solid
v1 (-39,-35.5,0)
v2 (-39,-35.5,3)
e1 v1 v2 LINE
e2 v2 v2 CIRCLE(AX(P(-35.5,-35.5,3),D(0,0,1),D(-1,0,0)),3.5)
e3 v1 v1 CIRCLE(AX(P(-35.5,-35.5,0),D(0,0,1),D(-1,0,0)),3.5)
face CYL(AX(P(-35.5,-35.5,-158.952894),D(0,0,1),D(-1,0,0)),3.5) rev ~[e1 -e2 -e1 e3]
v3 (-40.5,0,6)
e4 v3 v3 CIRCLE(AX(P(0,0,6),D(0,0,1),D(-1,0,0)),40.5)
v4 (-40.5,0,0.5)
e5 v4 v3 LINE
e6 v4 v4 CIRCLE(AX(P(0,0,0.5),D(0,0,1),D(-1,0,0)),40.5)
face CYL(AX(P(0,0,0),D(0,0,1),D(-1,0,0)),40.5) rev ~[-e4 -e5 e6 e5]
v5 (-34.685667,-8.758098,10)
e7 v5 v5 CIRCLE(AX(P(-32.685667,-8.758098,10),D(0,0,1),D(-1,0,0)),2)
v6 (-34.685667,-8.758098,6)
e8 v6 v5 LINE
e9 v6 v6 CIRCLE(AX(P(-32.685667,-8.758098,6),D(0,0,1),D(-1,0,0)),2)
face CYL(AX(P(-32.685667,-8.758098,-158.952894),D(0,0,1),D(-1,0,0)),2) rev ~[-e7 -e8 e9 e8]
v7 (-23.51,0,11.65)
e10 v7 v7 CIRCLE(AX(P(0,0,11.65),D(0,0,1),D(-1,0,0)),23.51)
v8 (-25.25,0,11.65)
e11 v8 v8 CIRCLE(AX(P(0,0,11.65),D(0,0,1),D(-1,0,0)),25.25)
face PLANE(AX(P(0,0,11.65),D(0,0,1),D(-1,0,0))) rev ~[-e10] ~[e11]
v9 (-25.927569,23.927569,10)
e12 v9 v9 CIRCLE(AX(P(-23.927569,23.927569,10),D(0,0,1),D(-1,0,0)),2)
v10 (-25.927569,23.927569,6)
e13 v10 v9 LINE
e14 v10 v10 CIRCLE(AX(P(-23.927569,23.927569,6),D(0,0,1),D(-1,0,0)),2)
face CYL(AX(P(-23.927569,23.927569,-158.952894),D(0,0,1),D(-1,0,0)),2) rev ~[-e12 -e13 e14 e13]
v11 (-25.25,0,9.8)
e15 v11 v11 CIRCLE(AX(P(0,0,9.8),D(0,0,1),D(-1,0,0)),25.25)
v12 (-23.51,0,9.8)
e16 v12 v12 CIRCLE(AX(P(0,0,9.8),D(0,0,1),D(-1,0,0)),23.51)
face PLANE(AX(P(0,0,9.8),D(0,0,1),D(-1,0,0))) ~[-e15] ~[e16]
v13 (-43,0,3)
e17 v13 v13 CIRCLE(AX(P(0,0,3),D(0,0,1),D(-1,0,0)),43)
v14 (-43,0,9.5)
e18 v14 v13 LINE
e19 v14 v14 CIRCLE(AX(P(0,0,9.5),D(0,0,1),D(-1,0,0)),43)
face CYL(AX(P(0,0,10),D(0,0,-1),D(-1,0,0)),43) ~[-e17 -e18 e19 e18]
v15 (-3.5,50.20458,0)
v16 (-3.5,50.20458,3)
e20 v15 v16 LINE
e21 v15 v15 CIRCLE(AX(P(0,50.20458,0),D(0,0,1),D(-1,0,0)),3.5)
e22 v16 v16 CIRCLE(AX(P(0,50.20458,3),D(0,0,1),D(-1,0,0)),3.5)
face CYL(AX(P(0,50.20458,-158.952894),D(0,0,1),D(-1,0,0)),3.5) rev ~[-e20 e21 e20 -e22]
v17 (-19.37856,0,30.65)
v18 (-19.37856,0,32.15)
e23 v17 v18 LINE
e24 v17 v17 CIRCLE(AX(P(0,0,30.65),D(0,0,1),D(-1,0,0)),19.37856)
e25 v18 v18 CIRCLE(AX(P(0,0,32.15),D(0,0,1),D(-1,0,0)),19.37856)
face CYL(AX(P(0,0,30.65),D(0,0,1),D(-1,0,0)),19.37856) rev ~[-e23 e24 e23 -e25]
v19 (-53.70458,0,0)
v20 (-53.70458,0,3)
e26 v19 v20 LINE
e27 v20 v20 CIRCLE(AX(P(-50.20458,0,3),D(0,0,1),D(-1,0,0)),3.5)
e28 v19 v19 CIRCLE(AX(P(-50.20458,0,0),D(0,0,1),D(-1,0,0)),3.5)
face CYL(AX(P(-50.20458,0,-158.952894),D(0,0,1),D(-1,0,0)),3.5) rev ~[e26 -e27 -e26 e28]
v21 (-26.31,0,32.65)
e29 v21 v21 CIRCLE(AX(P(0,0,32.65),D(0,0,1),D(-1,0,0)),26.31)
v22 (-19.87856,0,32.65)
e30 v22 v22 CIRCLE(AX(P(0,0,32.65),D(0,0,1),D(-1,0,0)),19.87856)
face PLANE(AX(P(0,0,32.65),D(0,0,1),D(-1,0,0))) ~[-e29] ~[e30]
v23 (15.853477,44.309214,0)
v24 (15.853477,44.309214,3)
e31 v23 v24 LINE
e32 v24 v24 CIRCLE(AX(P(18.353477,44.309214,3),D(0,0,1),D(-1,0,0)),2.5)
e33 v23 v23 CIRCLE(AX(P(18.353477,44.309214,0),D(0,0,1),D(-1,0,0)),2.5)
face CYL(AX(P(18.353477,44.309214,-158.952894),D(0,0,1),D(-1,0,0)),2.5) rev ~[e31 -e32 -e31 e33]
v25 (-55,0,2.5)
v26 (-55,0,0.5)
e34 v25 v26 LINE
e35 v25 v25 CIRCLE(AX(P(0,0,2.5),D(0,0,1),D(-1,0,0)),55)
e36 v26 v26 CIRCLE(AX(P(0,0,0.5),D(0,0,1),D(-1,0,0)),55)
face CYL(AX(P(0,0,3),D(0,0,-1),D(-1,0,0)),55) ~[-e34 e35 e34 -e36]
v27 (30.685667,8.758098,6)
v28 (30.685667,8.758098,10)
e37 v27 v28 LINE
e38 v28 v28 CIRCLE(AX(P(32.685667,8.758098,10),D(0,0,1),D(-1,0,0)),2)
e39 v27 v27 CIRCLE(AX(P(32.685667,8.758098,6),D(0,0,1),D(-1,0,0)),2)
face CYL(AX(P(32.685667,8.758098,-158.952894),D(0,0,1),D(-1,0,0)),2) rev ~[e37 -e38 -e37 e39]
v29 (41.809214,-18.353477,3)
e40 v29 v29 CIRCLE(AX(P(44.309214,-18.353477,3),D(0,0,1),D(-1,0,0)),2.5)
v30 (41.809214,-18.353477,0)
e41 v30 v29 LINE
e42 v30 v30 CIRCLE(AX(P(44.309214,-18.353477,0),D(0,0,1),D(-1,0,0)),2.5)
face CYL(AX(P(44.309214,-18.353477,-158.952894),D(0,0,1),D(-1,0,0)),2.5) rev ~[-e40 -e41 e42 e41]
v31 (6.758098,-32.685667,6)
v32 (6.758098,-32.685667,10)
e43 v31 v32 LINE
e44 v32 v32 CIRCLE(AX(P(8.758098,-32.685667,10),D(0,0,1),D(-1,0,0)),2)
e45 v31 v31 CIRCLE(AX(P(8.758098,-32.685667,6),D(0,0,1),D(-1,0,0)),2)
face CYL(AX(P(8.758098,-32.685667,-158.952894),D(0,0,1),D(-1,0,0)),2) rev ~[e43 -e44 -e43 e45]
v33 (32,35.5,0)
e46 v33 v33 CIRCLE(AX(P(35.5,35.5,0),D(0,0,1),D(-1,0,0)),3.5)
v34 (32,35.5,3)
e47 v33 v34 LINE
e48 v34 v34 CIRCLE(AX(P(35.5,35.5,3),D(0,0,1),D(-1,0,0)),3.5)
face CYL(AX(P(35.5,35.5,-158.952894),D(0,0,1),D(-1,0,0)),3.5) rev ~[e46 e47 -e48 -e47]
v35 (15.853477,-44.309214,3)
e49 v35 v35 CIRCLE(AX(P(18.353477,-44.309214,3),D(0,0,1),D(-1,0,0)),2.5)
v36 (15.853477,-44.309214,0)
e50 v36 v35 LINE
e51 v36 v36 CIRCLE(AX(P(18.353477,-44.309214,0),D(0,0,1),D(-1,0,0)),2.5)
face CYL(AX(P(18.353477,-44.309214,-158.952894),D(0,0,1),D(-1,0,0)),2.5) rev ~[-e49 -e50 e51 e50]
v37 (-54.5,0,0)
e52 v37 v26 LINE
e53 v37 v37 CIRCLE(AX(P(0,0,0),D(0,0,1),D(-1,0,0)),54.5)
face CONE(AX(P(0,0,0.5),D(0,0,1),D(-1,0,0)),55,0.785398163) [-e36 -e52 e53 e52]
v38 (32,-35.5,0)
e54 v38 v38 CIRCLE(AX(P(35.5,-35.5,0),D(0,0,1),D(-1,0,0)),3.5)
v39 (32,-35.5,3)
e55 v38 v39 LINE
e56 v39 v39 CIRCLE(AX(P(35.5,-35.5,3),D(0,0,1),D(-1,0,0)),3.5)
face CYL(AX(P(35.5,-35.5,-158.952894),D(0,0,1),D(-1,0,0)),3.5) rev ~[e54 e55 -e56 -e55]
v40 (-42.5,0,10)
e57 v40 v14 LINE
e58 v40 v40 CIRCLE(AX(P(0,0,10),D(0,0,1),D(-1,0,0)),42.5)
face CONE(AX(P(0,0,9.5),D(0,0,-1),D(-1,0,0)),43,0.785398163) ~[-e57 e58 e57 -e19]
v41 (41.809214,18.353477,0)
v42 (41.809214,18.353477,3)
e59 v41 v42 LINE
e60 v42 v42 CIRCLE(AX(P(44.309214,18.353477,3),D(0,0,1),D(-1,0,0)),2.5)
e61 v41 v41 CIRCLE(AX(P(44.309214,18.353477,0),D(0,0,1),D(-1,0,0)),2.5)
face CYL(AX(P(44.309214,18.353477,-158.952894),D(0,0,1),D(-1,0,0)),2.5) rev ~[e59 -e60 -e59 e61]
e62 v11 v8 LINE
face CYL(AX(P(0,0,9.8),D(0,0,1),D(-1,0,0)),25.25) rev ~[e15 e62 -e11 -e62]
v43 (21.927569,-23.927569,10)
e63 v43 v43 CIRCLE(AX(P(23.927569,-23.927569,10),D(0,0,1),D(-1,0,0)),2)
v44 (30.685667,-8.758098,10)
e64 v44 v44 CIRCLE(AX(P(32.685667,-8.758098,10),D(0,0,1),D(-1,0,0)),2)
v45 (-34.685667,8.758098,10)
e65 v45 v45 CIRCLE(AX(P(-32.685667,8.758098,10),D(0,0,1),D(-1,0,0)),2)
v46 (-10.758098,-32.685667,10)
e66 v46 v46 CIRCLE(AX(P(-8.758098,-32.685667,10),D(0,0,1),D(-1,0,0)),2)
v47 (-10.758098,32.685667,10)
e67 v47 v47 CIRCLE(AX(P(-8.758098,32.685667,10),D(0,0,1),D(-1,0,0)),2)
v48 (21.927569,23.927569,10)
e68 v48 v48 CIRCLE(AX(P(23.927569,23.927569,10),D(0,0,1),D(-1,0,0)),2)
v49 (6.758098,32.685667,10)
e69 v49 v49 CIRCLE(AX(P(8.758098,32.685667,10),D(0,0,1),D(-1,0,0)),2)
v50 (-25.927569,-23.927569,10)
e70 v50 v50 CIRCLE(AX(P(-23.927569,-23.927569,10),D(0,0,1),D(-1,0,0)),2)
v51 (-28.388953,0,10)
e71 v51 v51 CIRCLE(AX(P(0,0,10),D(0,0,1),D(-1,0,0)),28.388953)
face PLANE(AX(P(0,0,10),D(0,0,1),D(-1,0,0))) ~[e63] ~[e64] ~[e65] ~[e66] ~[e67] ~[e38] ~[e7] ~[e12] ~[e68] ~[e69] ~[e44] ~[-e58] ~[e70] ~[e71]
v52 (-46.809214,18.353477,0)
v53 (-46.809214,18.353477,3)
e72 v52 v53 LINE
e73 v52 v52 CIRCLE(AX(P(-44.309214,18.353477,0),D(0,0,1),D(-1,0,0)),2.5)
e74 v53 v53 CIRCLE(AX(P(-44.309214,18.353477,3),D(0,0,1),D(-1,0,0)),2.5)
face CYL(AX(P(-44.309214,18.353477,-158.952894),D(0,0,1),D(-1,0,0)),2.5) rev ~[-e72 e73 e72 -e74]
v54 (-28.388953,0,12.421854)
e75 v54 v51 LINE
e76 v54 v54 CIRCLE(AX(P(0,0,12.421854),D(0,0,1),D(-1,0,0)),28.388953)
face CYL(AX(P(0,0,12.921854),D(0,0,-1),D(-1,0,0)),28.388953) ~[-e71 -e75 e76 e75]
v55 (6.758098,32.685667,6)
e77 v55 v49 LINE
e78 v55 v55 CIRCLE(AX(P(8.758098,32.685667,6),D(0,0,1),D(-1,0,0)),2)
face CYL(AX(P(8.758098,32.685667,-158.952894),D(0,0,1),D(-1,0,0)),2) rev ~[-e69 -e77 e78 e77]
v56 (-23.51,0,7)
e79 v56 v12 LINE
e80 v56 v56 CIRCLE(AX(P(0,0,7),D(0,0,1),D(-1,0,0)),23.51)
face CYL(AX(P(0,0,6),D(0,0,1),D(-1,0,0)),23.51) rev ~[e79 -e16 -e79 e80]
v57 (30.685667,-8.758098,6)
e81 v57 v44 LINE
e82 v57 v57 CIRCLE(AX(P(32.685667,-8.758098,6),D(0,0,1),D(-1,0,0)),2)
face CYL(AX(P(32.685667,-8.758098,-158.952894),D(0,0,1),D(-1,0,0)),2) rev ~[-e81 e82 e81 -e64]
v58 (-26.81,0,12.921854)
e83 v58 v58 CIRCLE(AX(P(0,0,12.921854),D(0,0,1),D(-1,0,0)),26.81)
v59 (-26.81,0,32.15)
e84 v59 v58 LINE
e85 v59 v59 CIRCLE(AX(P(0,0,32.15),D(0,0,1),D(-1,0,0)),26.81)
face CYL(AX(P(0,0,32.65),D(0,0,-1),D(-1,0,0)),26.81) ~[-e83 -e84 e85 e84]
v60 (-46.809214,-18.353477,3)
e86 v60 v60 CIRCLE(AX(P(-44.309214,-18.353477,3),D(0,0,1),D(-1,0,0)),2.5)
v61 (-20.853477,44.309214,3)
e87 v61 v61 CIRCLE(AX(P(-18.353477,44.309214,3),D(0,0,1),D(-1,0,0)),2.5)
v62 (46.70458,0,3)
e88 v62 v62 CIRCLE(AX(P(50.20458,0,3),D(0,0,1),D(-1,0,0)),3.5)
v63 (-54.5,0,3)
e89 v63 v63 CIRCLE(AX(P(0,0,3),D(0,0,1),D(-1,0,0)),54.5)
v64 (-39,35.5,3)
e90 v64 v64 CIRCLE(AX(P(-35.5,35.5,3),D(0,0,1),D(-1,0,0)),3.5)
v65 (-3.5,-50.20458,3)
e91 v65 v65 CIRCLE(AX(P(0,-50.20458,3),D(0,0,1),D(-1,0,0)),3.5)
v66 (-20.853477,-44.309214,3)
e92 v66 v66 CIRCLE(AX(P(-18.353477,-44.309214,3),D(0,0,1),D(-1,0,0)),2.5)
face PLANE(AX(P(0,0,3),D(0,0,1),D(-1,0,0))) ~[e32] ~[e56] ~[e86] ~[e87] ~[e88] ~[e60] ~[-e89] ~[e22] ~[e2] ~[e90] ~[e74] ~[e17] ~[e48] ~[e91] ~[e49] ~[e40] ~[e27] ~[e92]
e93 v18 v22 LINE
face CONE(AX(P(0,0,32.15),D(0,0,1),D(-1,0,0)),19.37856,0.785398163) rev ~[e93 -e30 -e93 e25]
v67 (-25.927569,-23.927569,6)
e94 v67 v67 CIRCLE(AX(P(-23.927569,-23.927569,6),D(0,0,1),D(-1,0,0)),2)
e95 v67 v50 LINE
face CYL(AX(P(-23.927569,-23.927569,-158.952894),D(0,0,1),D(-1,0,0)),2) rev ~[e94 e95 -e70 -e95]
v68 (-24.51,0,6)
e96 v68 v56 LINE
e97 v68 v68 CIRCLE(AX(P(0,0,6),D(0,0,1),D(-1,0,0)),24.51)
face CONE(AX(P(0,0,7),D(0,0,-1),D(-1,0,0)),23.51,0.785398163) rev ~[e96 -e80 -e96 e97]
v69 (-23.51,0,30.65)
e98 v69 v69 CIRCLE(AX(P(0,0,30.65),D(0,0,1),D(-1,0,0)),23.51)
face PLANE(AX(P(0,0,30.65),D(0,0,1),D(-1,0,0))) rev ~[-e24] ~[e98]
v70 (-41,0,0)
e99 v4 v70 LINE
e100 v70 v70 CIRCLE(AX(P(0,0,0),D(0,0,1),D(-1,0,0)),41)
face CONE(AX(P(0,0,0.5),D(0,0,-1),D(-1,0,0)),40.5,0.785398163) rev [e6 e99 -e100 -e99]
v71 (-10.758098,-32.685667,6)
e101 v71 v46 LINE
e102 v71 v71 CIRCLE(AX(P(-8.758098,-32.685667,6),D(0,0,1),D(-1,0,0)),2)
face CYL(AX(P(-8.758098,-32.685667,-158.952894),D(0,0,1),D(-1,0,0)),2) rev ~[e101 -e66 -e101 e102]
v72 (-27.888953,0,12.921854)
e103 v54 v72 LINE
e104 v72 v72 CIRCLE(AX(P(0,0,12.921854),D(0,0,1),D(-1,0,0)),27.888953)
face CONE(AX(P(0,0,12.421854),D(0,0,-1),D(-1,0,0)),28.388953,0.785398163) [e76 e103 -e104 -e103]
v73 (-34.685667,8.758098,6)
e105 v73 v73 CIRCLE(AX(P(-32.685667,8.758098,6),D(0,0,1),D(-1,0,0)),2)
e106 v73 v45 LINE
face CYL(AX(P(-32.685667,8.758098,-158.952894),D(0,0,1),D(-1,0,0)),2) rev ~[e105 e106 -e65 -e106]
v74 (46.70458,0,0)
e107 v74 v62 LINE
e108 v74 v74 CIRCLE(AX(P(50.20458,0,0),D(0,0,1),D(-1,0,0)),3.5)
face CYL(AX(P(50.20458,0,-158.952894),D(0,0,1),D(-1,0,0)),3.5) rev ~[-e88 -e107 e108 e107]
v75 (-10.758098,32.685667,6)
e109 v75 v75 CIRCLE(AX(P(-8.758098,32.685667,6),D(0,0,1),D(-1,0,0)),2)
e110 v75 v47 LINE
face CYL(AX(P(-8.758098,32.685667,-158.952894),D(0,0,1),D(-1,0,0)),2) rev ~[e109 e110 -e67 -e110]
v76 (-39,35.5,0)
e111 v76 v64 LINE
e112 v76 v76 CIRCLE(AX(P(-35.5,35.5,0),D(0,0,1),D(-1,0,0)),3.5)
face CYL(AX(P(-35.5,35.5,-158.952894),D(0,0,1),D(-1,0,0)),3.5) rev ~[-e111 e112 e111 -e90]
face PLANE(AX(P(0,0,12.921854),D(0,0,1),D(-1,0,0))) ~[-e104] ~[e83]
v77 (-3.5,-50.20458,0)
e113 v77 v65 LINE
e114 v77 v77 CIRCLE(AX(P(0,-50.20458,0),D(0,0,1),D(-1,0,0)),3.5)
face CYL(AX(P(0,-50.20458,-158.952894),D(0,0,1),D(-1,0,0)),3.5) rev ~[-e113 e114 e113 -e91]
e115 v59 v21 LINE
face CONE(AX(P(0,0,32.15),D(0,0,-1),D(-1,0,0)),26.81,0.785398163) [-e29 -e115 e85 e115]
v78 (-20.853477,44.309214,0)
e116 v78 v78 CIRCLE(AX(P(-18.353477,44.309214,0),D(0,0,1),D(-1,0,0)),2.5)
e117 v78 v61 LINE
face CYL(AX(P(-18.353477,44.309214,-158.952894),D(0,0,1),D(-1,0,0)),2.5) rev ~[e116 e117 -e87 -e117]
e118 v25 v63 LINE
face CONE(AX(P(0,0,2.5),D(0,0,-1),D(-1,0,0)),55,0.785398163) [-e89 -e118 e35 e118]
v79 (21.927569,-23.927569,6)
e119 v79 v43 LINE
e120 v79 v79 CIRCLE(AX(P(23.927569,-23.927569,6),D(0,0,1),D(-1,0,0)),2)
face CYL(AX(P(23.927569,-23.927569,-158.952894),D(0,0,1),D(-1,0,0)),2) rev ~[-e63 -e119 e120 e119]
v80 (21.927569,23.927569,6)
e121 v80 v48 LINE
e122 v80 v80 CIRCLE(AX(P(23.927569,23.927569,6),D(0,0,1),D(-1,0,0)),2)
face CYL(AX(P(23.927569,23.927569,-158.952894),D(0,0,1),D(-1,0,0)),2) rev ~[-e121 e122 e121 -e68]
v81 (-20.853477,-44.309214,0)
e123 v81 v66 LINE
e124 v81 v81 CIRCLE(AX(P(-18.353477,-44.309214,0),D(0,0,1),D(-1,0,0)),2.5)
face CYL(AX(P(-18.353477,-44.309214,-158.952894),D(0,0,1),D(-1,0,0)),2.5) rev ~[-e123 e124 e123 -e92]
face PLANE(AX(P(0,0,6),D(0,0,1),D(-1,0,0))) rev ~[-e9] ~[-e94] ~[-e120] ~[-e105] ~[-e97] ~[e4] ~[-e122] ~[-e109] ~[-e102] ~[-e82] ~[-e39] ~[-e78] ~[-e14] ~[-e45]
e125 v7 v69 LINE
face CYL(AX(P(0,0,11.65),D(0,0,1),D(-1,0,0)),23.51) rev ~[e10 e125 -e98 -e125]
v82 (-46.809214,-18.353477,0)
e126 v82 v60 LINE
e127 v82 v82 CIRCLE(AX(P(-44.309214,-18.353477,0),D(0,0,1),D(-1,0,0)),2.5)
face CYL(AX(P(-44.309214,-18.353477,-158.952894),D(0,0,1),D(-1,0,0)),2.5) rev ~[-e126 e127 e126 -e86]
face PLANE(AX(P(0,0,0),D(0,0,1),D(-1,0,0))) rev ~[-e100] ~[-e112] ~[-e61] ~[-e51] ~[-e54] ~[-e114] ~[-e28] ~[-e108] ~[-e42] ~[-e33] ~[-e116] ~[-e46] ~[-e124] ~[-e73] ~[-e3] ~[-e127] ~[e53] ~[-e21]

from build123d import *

# Parameters (mm, degrees)
F3_D     = 7
F4_D     = 5
F5_D     = 7
F6_D     = 4
F7_SIZE  = 1
F8_SIZE  = 0.5
F9_SIZE  = 0.5
F10_SIZE = 0.5
F11_SIZE = 0.5


with BuildPart() as f1:
    # F0 (on Front) → F1 (revolve)
    with BuildSketch(Plane.XZ):
        Polygon((-55, 3), (-55, 0), (-40.5, 0), (-40.5, 6), (-23.51, 6), (-23.51, 9.8), (-25.25, 9.8), (-25.25, 11.65), (-23.51, 11.65), (-23.51, 30.65), (-19.37856, 30.65), (-19.37856, 32.65), (-26.81, 32.65), (-26.81, 12.921854), (-28.388953, 12.921854), (-28.388953, 10), (-43, 10), (-43, 3), align=None)
    revolve(axis=Axis((0, 0, 31.65), (0, 0, 1)))

    # F3 (through all)
    with Locations(Plane(origin=(0, 0, 0), x_dir=(1, 0, 0), z_dir=(0, 0, -1))):
        with Locations((-35.5, -35.5), (35.5, -35.5), (35.5, 35.5), (-35.5, 35.5)):
            Hole(F3_D / 2)

    # F4 (through all)
    with Locations(Plane(origin=(0, 0, 0), x_dir=(1, 0, 0), z_dir=(0, 0, -1))):
        with Locations((-18.353477, -44.309214), (18.353477, -44.309214), (44.309214, -18.353477), (44.309214, 18.353477), (18.353477, 44.309214), (-18.353477, 44.309214), (-44.309214, 18.353477), (-44.309214, -18.353477)):
            Hole(F4_D / 2)

    # F5 (through all)
    with Locations(Plane(origin=(0, 0, 0), x_dir=(1, 0, 0), z_dir=(0, 0, -1))):
        with Locations((0, -50.20458), (-50.20458, 0), (50.20458, 0), (0, 50.20458)):
            Hole(F5_D / 2)

    # F6 (through all)
    with Locations(Plane(origin=(0, 0, 0), x_dir=(1, 0, 0), z_dir=(0, 0, -1))):
        with Locations((-23.927569, 23.927569), (-8.758098, 32.685667), (8.758098, 32.685667), (23.927569, 23.927569), (32.685667, 8.758098), (32.685667, -8.758098), (23.927569, -23.927569), (8.758098, -32.685667), (-8.758098, -32.685667), (-23.927569, -23.927569), (-32.685667, -8.758098), (-32.685667, 8.758098)):
            Hole(F6_D / 2)

    # F7
    f7_edges = [f1.edges().sort_by_distance(p)[0] for p in [
        (23.51, 0, 6),
    ]]
    chamfer(f7_edges, length=F7_SIZE)

    # F8
    f8_edges = [f1.edges().sort_by_distance(p)[0] for p in [
        (55, 0, 3),
        (43, 0, 10),
        (28.388953, 0, 12.921854),
        (26.81, 0, 32.65),
    ]]
    chamfer(f8_edges, length=F8_SIZE)

    # F9
    f9_edges = [f1.edges().sort_by_distance(p)[0] for p in [
        (40.5, 0, 0),
    ]]
    chamfer(f9_edges, length=F9_SIZE)

    # F10
    f10_edges = [f1.edges().sort_by_distance(p)[0] for p in [
        (55, 0, 0),
    ]]
    chamfer(f10_edges, length=F10_SIZE)

    # F11
    f11_edges = [f1.edges().sort_by_distance(p)[0] for p in [
        (19.37856, 0, 32.65),
    ]]
    chamfer(f11_edges, length=F11_SIZE)


solid = f1.part
